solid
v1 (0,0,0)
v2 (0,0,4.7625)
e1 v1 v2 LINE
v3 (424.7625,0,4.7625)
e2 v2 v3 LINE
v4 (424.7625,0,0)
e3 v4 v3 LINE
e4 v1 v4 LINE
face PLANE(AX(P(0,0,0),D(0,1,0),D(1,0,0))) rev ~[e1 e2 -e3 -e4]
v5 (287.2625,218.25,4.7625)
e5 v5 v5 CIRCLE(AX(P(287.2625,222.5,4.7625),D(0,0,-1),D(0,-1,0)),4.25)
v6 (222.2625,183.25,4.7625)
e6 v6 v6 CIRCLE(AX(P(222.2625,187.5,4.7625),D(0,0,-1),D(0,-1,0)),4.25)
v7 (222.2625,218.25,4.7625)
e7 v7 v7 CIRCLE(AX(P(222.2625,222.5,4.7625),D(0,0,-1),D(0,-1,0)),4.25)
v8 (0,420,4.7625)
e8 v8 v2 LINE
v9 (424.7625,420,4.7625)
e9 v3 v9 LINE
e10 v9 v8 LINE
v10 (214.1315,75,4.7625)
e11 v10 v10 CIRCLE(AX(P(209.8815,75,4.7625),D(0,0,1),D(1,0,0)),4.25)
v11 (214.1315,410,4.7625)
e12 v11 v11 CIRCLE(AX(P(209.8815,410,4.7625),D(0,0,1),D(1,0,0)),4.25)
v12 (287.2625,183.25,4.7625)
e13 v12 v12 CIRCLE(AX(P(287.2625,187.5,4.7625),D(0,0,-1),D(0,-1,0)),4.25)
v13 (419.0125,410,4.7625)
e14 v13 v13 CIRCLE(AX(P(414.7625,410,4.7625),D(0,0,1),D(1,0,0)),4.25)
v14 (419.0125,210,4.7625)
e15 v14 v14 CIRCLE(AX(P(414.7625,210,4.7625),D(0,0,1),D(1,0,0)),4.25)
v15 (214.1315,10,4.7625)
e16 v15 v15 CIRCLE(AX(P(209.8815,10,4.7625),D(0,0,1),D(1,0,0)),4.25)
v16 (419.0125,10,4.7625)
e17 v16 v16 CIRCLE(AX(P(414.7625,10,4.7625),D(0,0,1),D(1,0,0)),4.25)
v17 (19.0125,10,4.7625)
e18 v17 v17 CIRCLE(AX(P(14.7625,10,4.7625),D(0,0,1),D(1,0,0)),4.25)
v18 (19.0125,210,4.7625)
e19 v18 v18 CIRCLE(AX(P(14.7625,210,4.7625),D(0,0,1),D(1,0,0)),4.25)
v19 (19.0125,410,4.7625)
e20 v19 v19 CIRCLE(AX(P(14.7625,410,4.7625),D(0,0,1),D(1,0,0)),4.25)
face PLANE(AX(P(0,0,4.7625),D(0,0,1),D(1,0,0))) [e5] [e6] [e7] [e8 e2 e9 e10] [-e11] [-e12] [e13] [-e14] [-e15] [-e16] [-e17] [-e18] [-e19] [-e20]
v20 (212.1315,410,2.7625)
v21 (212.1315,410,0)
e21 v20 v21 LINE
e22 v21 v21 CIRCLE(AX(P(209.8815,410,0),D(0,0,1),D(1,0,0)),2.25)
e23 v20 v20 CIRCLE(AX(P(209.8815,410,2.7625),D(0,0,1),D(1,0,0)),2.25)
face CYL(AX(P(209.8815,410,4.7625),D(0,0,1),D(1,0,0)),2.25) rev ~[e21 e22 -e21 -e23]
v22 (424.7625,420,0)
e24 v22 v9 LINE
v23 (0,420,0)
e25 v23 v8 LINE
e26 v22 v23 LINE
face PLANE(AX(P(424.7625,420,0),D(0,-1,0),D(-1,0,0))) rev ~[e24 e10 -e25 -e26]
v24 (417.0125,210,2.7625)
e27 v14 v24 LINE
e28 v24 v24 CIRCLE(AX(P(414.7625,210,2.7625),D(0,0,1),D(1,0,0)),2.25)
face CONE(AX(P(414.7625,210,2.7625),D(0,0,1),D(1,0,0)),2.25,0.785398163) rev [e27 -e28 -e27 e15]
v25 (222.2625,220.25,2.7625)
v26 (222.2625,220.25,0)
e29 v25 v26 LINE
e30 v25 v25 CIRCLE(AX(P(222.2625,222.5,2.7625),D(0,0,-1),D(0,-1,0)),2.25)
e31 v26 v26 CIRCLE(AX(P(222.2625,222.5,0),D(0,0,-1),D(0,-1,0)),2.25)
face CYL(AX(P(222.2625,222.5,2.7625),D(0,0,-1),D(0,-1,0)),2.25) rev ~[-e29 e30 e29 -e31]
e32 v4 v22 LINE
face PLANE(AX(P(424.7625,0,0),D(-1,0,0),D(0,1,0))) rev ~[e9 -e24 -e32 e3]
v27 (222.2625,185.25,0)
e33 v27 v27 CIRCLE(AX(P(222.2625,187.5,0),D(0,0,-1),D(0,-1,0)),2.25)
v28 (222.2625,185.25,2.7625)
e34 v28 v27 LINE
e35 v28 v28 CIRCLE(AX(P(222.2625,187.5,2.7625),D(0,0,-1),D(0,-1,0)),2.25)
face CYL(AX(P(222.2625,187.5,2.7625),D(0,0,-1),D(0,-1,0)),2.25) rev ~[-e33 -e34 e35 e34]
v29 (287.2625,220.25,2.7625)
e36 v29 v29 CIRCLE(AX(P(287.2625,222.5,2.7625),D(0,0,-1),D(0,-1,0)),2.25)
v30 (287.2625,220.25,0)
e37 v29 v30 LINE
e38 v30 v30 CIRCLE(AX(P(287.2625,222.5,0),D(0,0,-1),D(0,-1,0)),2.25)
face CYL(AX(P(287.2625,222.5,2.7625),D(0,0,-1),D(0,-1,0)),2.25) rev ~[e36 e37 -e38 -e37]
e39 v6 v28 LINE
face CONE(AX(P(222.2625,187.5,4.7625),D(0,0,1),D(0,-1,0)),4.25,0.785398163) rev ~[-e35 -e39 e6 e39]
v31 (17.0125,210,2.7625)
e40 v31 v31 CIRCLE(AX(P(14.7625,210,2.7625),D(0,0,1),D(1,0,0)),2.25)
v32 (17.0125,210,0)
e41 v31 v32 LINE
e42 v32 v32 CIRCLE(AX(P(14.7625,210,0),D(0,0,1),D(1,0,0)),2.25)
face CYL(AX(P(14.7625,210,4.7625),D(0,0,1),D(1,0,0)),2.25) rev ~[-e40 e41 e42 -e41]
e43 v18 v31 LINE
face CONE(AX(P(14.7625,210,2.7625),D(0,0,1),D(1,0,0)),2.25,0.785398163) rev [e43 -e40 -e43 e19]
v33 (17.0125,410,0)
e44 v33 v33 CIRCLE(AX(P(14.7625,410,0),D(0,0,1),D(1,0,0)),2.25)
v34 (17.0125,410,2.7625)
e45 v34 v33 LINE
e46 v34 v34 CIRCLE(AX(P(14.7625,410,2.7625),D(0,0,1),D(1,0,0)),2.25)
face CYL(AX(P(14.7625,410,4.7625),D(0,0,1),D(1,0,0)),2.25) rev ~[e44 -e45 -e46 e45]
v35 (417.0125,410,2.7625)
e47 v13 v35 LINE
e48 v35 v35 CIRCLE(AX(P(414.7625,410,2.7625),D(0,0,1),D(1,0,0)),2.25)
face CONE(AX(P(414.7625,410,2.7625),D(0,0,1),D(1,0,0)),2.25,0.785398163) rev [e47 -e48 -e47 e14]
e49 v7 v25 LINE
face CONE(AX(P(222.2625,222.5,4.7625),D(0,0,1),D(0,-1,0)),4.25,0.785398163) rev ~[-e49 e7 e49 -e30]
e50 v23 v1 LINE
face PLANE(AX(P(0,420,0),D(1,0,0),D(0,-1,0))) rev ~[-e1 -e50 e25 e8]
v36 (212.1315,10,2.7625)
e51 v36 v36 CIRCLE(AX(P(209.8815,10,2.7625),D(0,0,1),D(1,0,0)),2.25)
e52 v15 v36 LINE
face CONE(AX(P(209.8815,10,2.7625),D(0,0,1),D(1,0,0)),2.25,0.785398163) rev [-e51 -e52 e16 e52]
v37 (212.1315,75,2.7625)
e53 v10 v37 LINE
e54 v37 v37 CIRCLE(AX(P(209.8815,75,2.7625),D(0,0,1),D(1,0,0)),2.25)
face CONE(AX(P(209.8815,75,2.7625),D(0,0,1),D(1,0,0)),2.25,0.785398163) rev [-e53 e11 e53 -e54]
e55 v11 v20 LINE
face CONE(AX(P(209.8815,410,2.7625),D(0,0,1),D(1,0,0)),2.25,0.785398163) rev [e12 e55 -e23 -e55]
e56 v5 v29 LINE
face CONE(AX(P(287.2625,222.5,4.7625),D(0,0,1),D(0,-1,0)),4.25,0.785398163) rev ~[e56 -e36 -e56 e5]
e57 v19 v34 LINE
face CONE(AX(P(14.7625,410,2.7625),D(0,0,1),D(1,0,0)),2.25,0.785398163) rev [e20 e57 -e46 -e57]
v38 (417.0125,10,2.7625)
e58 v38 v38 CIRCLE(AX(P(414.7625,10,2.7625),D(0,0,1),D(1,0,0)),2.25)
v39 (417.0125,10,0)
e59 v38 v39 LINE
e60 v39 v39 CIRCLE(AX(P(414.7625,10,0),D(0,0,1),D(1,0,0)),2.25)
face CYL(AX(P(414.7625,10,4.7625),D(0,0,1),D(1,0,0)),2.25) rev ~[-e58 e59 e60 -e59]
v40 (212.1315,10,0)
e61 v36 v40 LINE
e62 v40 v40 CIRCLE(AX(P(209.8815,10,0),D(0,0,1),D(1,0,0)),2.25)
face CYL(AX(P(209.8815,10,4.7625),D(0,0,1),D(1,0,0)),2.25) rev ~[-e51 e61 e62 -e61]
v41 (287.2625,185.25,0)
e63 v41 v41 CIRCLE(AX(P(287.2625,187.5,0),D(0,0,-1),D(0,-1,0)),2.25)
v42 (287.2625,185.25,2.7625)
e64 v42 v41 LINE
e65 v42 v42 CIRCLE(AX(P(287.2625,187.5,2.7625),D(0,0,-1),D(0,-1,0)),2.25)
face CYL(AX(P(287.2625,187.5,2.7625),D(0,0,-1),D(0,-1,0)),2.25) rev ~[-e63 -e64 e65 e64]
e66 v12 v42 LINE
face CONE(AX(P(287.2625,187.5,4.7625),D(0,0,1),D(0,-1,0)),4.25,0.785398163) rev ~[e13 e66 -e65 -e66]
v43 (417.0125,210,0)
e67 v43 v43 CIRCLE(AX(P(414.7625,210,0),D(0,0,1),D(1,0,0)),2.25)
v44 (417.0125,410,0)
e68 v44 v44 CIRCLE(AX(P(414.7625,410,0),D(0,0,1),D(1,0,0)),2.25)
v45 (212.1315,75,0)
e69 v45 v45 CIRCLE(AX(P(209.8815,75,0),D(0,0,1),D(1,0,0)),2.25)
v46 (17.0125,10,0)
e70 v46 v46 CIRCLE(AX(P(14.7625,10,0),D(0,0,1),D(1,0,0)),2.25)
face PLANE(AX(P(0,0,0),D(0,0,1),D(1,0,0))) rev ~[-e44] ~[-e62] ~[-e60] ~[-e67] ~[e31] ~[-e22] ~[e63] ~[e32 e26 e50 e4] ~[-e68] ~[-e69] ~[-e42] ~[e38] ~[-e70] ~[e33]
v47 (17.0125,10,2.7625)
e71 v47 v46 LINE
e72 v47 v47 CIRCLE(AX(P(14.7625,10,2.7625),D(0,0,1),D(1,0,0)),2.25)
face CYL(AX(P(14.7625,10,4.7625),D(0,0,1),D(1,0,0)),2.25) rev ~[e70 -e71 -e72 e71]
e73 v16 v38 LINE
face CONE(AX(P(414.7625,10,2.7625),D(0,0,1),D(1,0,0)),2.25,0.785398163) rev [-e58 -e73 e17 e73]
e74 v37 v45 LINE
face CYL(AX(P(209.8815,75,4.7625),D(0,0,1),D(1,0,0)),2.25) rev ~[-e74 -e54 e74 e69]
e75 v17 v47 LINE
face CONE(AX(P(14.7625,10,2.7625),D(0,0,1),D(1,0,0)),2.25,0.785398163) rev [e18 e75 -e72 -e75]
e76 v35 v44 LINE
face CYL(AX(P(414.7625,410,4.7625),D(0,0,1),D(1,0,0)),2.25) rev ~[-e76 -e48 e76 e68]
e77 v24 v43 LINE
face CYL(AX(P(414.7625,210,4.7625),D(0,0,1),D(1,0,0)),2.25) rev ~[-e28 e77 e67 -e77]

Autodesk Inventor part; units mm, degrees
ref_plane "YZ Plane" through (0, 0, 0) normal (1, 0, 0) x (0, 1, 0)
ref_plane "XZ Plane" through (0, 0, 0) normal (0, 1, 0) x (-1, 0, 0)
ref_plane "XY Plane" through (0, 0, 0) normal (0, 0, 1) x (1, 0, 0)
sketch "Sketch1" plane through (0, 0, 0) normal (0, 0, 1) x (1, 0, 0)
  line L0 (0, 0) -> (424.7625, 0)
  line L1 (424.7625, 0) -> (424.7625, 420)
  line L2 (424.7625, 420) -> (0, 420)
  line L3 (0, 420) -> (0, 0)
  dimension "d0" = 424.7625
  dimension "d1" = 420
extrude "Extrusion1" add sketch "Sketch1" along normal blind 4.7625
sketch "Sketch6" plane through (0, 0, 4.7625) normal (0, 0, 1) x (1, 0, 0)
  line L0 (0, 0) -> (424.7625, 0) projected
  line L1 (424.7625, 0) -> (424.7625, 420) projected
  line L2 (424.7625, 420) -> (0, 420) projected
  line L3 (0, 420) -> (0, 0) projected
  circle A0 centre (14.7625, 410) radius 2.25
  circle A1 centre (414.7625, 410) radius 2.25
  circle A2 centre (14.7625, 10) radius 2.25
  circle A3 centre (414.7625, 10) radius 2.25
  circle A4 centre (14.7625, 210) radius 2.25
  circle A5 centre (414.7625, 210) radius 2.25
  circle A6 centre (209.8815, 410) radius 2.25
  circle A7 centre (209.8815, 10) radius 2.25
  circle A8 centre (209.8815, 75) radius 2.25
  dimension "d42" = 4.5
  dimension "d43" = 10
  dimension "d44" = 14.7625
  dimension "d45" = 10
  dimension "d46" = 10
  dimension "d47" = 10
  dimension "d48" = 210
  dimension "d51" = 209.8815
  dimension "d55" = 75
extrude "Extrusion3" cut sketch "Sketch6" against normal up to next contours A0 | A1 | A2 | A3 | A4 | A5 | A6 | A7 | A8
chamfer "Chamfer1" distance 2 angle 45 9 edges at (12.5125, 410, 4.7625) (207.6315, 410, 4.7625) (412.5125, 410, 4.7625) (412.5125, 210, 4.7625) (12.5125, 210, 4.7625) (12.5125, 10, 4.7625) (207.6315, 10, 4.7625) (412.5125, 10, 4.7625) (207.6315, 75, 4.7625)
sketch "Sketch7" plane through (0, 0, 4.7625) normal (0, 0, 1) x (1, 0, 0)
  line L0 (0, 0) -> (424.7625, 0) projected
  line L1 (424.7625, 0) -> (424.7625, 420) projected
  line L2 (424.7625, 420) -> (0, 420) projected
  line L3 (0, 420) -> (0, 0) projected
  line L4 (424.7625, 180) -> (0, 180) construction
  line L5 (424.7625, 420) -> (0, 420) construction
  line L6 (294.7625, 420) -> (294.7625, 0) construction
  point P0 (222.2625, 222.5)
  point P1 (287.2625, 222.5)
  point P2 (222.2625, 187.5)
  point P3 (287.2625, 187.5)
  dimension "d56" = 180
  dimension "d57" = 130
  dimension "d58" = 7.5
  dimension "d59" = 7.5
  dimension "d60" = 65
  dimension "d61" = 35
hole "Hole3" at (222.2625, 222.5, 4.7625) at (287.2625, 222.5, 4.7625) at (222.2625, 187.5, 4.7625) at (287.2625, 187.5, 4.7625) direction (0, 0, -1) diameter 4.5 end through all countersink diameter 8.5 countersink angle 90
properties part number "EnclosurePanelLeft" material "ABS Plastic"
